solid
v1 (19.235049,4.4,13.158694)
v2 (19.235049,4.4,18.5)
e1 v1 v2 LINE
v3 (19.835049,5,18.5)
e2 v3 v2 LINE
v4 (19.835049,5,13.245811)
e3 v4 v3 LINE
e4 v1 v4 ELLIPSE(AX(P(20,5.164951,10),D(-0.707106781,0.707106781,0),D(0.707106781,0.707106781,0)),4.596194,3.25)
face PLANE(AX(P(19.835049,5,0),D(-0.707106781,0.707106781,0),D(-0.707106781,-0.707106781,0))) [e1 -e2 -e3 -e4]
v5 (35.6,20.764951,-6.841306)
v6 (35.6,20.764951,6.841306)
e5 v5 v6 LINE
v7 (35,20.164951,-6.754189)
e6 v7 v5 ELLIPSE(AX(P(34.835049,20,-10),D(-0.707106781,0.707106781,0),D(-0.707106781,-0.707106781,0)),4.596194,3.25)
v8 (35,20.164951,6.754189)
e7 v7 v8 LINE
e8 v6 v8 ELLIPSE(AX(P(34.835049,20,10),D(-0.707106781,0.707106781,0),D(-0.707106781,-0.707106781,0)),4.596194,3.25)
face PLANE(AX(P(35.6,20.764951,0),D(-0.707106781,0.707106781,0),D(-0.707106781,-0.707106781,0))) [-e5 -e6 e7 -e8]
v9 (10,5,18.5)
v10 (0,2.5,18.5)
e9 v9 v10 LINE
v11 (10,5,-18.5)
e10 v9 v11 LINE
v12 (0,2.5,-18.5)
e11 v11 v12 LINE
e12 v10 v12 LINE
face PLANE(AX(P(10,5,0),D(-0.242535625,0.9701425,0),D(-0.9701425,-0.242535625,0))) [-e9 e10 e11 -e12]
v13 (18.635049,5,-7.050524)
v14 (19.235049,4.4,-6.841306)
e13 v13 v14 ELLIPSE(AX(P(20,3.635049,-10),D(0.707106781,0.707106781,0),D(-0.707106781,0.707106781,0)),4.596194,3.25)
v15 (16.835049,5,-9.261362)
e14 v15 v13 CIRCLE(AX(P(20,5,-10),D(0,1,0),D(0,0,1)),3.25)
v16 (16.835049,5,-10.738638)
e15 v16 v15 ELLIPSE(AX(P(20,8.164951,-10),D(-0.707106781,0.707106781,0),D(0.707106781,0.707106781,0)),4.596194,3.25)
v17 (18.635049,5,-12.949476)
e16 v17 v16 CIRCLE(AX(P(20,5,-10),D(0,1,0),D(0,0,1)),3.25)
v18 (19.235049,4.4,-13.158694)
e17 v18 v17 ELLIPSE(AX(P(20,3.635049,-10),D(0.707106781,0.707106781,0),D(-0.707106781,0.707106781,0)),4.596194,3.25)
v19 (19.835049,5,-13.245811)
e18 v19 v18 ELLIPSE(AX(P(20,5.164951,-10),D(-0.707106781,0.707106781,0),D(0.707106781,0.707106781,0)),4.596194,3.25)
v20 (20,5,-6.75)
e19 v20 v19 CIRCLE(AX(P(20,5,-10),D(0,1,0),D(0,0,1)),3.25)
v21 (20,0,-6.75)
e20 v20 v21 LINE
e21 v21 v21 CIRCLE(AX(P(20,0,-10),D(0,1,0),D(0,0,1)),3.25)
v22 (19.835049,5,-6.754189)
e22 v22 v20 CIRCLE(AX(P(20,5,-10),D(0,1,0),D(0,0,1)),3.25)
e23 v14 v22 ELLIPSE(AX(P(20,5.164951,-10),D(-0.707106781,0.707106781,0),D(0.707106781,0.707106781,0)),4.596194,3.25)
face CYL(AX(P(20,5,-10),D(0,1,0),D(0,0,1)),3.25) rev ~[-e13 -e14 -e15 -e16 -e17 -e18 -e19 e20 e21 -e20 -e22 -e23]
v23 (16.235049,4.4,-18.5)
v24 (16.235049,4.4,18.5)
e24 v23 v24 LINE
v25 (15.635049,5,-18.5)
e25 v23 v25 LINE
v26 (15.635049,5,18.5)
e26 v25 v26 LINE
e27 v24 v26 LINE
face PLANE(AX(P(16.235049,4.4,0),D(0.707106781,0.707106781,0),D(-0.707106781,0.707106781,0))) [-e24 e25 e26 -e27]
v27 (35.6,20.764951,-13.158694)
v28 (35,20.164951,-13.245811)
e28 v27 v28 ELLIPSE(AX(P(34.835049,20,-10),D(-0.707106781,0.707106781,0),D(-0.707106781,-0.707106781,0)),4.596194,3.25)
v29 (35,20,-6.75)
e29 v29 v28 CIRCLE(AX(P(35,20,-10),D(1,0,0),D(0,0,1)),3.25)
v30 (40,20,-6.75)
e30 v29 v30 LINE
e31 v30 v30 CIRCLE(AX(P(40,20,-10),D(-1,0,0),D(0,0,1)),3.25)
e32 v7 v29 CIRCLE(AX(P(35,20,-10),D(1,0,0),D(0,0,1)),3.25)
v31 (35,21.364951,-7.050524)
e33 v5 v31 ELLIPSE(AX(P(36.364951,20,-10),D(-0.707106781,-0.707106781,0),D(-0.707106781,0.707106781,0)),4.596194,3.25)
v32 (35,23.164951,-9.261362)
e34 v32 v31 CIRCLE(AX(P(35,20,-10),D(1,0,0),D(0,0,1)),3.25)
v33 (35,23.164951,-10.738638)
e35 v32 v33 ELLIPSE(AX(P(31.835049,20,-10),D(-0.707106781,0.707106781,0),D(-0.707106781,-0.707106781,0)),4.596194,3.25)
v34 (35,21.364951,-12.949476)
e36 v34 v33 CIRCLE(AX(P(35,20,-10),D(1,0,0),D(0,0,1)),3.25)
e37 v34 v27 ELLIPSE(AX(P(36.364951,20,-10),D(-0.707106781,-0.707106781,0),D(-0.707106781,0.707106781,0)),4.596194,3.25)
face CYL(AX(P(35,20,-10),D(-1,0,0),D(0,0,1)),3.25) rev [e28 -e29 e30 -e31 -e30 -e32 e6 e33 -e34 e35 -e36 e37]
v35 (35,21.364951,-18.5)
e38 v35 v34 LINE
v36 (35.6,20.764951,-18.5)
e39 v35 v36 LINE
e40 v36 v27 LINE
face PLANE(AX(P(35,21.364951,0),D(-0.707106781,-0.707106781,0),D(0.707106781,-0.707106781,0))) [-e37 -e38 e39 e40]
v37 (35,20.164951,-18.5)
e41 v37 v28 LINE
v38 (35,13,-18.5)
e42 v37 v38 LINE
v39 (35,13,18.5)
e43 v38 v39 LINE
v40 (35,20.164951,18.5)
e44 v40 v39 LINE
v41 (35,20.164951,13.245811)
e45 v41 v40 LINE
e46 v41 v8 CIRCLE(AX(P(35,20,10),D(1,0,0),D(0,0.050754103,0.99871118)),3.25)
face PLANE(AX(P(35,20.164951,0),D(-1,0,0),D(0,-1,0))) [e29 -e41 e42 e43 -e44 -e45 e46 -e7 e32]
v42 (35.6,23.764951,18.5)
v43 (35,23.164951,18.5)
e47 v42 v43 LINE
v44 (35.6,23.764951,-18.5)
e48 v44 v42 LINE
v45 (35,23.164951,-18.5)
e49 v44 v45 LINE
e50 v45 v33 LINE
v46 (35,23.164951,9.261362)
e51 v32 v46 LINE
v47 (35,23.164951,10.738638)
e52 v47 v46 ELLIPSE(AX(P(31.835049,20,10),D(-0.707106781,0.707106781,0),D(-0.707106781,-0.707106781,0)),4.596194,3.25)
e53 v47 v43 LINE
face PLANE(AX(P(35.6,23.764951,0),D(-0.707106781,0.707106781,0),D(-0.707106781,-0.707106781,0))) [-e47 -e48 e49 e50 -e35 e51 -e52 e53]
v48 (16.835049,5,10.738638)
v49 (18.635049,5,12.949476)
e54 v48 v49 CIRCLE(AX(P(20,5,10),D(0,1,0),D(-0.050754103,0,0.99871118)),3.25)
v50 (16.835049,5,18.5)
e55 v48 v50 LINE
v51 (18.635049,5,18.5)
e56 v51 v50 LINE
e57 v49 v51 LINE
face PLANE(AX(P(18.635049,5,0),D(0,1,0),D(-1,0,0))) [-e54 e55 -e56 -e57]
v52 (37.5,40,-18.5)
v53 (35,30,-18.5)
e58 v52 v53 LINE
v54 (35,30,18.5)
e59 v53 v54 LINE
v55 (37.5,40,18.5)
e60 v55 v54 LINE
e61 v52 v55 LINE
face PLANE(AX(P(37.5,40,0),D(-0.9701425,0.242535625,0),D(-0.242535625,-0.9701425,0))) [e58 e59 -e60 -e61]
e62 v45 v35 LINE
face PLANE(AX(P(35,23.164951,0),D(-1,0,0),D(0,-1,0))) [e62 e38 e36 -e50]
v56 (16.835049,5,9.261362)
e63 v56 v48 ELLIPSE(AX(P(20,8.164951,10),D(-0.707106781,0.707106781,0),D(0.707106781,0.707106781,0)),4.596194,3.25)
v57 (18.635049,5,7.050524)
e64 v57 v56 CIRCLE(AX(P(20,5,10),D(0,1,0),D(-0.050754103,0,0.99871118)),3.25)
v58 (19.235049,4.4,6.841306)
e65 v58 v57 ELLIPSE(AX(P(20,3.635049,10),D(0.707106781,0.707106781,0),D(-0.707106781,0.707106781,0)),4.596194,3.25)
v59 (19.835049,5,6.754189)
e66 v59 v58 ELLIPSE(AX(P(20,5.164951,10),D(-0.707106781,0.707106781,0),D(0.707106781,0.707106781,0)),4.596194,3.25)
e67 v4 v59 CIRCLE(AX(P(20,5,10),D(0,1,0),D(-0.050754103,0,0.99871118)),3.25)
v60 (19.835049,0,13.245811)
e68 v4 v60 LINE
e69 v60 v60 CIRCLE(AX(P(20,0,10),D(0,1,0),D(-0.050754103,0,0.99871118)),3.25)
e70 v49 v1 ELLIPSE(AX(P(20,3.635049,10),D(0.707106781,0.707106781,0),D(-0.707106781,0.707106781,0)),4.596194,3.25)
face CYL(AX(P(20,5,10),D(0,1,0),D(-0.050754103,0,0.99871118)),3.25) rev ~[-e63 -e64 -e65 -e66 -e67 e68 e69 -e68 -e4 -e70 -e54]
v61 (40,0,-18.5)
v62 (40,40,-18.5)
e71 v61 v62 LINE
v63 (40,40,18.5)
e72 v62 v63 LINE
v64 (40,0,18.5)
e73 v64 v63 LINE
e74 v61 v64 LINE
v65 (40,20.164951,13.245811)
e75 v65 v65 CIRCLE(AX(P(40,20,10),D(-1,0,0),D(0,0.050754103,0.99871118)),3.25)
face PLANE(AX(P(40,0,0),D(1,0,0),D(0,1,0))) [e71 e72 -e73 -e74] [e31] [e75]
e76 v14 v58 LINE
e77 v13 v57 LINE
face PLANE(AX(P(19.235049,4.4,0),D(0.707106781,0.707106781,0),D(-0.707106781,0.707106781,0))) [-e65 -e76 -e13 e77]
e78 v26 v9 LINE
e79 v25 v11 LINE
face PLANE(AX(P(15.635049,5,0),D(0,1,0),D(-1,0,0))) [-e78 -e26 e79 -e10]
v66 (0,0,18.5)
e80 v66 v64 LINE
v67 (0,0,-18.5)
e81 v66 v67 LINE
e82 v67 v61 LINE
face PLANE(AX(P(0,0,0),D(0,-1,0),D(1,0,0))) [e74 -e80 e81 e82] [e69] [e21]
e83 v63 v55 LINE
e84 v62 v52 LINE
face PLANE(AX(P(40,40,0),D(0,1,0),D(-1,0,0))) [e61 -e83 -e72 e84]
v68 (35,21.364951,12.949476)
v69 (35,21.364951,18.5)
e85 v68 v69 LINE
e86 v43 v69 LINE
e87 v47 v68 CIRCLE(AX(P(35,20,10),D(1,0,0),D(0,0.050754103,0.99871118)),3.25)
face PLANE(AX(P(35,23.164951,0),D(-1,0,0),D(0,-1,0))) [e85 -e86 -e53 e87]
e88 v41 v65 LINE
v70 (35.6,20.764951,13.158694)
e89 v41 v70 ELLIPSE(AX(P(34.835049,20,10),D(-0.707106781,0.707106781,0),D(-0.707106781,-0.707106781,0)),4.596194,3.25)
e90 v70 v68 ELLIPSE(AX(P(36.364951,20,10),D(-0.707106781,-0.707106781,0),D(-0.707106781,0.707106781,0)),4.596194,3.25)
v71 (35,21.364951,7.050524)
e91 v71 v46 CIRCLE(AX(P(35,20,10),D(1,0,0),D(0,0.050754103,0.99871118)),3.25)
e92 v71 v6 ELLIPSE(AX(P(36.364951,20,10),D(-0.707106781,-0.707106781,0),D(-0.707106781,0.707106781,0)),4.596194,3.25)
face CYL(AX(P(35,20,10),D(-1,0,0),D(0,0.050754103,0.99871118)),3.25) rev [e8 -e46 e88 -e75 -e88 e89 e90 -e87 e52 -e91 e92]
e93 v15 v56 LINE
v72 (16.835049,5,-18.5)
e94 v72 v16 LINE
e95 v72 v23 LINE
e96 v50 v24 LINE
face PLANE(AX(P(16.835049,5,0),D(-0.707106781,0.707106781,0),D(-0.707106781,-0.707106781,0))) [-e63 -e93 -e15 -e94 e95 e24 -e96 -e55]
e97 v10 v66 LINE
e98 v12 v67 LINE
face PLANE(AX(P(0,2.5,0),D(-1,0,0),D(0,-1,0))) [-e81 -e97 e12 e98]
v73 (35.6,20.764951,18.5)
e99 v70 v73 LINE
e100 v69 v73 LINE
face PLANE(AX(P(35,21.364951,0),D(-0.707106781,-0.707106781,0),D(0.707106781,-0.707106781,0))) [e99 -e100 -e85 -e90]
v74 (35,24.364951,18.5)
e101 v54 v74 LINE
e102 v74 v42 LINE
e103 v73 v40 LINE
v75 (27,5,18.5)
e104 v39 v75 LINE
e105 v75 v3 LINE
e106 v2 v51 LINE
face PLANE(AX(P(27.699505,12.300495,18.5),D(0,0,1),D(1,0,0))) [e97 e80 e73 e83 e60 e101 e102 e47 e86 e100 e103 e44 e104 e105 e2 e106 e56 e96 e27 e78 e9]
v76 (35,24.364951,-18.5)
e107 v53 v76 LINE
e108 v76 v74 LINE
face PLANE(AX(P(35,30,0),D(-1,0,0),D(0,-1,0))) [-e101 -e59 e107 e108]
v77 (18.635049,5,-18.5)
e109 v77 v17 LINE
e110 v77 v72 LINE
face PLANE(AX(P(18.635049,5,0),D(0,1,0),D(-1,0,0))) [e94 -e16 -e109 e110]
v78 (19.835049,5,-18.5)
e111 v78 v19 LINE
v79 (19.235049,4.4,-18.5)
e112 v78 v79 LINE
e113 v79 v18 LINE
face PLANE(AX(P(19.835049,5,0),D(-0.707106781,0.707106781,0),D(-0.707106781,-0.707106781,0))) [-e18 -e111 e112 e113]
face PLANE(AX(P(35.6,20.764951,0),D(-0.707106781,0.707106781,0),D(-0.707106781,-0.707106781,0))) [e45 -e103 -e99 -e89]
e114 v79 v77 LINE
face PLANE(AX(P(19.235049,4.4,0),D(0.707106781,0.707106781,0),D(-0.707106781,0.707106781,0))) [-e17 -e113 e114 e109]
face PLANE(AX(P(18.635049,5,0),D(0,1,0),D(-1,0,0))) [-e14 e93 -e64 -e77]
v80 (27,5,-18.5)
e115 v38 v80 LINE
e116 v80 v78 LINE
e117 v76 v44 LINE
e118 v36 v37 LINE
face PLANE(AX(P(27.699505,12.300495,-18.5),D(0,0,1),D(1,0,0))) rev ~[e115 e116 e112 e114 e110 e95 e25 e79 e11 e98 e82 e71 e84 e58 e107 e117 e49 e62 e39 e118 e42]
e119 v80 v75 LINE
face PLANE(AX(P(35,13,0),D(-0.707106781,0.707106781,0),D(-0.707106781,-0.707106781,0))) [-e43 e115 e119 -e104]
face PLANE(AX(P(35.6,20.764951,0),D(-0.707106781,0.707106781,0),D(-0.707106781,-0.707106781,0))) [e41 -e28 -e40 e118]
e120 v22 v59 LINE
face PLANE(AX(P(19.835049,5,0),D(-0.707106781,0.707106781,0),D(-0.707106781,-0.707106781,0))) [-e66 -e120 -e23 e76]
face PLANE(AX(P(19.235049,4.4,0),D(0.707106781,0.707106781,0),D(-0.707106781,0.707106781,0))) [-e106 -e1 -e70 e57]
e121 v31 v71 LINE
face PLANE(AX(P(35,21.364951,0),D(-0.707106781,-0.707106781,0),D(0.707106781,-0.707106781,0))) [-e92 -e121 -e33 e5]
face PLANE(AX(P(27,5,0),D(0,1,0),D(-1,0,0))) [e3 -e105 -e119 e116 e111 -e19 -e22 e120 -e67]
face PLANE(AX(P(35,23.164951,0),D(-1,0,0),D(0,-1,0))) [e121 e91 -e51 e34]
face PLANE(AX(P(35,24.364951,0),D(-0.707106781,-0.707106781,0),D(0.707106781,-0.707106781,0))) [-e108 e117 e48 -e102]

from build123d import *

# Parameters (mm, degrees)
EXTRUDE_1_DEPTH     = 18.5
SKETCH_3_R          = 3.25
CUT_EXTRUDE_1_DEPTH = 57.278326201


with BuildPart() as part:
    # 草图1 → 凸台-拉伸1 (new, symmetric)
    with BuildSketch(Plane.XY):
        Polygon((0, 0), (40, 0), (40, 40), (37.5, 40), (35, 30), (35, 24.364950833), (35.6, 23.764950833), (35, 23.164950833), (35, 21.364950833), (35.6, 20.764950833), (35, 20.164950833), (35, 13), (27, 5), (19.835049167, 5), (19.235049167, 4.4), (18.635049167, 5), (16.835049167, 5), (16.235049167, 4.4), (15.635049167, 5), (10, 5), (0, 2.5), align=None)
    extrude(amount=EXTRUDE_1_DEPTH, both=True)

    # 草图3 → 切除-拉伸1 (cut, through all)
    with BuildSketch(Plane(origin=(0, 5, 0), x_dir=(1, 0, 0), z_dir=(0, 1, 0))):
        with Locations(Location((20, 10, 0), (0, 0, 270))):
            Circle(SKETCH_3_R)
        with Locations(Location((20, -10, 0), (0, 0, 267.090754189))):
            Circle(SKETCH_3_R)
    cut_extrude_1 = extrude(amount=-CUT_EXTRUDE_1_DEPTH, mode=Mode.SUBTRACT)

    # 镜向1: 切除-拉伸1 across plane
    add(cut_extrude_1.mirror(Plane(origin=(20, 20, 0), x_dir=(0, 0, 1), z_dir=(0.707106781186541, 0.707106781186554, 0))), mode=Mode.SUBTRACT)


solid = part.part
